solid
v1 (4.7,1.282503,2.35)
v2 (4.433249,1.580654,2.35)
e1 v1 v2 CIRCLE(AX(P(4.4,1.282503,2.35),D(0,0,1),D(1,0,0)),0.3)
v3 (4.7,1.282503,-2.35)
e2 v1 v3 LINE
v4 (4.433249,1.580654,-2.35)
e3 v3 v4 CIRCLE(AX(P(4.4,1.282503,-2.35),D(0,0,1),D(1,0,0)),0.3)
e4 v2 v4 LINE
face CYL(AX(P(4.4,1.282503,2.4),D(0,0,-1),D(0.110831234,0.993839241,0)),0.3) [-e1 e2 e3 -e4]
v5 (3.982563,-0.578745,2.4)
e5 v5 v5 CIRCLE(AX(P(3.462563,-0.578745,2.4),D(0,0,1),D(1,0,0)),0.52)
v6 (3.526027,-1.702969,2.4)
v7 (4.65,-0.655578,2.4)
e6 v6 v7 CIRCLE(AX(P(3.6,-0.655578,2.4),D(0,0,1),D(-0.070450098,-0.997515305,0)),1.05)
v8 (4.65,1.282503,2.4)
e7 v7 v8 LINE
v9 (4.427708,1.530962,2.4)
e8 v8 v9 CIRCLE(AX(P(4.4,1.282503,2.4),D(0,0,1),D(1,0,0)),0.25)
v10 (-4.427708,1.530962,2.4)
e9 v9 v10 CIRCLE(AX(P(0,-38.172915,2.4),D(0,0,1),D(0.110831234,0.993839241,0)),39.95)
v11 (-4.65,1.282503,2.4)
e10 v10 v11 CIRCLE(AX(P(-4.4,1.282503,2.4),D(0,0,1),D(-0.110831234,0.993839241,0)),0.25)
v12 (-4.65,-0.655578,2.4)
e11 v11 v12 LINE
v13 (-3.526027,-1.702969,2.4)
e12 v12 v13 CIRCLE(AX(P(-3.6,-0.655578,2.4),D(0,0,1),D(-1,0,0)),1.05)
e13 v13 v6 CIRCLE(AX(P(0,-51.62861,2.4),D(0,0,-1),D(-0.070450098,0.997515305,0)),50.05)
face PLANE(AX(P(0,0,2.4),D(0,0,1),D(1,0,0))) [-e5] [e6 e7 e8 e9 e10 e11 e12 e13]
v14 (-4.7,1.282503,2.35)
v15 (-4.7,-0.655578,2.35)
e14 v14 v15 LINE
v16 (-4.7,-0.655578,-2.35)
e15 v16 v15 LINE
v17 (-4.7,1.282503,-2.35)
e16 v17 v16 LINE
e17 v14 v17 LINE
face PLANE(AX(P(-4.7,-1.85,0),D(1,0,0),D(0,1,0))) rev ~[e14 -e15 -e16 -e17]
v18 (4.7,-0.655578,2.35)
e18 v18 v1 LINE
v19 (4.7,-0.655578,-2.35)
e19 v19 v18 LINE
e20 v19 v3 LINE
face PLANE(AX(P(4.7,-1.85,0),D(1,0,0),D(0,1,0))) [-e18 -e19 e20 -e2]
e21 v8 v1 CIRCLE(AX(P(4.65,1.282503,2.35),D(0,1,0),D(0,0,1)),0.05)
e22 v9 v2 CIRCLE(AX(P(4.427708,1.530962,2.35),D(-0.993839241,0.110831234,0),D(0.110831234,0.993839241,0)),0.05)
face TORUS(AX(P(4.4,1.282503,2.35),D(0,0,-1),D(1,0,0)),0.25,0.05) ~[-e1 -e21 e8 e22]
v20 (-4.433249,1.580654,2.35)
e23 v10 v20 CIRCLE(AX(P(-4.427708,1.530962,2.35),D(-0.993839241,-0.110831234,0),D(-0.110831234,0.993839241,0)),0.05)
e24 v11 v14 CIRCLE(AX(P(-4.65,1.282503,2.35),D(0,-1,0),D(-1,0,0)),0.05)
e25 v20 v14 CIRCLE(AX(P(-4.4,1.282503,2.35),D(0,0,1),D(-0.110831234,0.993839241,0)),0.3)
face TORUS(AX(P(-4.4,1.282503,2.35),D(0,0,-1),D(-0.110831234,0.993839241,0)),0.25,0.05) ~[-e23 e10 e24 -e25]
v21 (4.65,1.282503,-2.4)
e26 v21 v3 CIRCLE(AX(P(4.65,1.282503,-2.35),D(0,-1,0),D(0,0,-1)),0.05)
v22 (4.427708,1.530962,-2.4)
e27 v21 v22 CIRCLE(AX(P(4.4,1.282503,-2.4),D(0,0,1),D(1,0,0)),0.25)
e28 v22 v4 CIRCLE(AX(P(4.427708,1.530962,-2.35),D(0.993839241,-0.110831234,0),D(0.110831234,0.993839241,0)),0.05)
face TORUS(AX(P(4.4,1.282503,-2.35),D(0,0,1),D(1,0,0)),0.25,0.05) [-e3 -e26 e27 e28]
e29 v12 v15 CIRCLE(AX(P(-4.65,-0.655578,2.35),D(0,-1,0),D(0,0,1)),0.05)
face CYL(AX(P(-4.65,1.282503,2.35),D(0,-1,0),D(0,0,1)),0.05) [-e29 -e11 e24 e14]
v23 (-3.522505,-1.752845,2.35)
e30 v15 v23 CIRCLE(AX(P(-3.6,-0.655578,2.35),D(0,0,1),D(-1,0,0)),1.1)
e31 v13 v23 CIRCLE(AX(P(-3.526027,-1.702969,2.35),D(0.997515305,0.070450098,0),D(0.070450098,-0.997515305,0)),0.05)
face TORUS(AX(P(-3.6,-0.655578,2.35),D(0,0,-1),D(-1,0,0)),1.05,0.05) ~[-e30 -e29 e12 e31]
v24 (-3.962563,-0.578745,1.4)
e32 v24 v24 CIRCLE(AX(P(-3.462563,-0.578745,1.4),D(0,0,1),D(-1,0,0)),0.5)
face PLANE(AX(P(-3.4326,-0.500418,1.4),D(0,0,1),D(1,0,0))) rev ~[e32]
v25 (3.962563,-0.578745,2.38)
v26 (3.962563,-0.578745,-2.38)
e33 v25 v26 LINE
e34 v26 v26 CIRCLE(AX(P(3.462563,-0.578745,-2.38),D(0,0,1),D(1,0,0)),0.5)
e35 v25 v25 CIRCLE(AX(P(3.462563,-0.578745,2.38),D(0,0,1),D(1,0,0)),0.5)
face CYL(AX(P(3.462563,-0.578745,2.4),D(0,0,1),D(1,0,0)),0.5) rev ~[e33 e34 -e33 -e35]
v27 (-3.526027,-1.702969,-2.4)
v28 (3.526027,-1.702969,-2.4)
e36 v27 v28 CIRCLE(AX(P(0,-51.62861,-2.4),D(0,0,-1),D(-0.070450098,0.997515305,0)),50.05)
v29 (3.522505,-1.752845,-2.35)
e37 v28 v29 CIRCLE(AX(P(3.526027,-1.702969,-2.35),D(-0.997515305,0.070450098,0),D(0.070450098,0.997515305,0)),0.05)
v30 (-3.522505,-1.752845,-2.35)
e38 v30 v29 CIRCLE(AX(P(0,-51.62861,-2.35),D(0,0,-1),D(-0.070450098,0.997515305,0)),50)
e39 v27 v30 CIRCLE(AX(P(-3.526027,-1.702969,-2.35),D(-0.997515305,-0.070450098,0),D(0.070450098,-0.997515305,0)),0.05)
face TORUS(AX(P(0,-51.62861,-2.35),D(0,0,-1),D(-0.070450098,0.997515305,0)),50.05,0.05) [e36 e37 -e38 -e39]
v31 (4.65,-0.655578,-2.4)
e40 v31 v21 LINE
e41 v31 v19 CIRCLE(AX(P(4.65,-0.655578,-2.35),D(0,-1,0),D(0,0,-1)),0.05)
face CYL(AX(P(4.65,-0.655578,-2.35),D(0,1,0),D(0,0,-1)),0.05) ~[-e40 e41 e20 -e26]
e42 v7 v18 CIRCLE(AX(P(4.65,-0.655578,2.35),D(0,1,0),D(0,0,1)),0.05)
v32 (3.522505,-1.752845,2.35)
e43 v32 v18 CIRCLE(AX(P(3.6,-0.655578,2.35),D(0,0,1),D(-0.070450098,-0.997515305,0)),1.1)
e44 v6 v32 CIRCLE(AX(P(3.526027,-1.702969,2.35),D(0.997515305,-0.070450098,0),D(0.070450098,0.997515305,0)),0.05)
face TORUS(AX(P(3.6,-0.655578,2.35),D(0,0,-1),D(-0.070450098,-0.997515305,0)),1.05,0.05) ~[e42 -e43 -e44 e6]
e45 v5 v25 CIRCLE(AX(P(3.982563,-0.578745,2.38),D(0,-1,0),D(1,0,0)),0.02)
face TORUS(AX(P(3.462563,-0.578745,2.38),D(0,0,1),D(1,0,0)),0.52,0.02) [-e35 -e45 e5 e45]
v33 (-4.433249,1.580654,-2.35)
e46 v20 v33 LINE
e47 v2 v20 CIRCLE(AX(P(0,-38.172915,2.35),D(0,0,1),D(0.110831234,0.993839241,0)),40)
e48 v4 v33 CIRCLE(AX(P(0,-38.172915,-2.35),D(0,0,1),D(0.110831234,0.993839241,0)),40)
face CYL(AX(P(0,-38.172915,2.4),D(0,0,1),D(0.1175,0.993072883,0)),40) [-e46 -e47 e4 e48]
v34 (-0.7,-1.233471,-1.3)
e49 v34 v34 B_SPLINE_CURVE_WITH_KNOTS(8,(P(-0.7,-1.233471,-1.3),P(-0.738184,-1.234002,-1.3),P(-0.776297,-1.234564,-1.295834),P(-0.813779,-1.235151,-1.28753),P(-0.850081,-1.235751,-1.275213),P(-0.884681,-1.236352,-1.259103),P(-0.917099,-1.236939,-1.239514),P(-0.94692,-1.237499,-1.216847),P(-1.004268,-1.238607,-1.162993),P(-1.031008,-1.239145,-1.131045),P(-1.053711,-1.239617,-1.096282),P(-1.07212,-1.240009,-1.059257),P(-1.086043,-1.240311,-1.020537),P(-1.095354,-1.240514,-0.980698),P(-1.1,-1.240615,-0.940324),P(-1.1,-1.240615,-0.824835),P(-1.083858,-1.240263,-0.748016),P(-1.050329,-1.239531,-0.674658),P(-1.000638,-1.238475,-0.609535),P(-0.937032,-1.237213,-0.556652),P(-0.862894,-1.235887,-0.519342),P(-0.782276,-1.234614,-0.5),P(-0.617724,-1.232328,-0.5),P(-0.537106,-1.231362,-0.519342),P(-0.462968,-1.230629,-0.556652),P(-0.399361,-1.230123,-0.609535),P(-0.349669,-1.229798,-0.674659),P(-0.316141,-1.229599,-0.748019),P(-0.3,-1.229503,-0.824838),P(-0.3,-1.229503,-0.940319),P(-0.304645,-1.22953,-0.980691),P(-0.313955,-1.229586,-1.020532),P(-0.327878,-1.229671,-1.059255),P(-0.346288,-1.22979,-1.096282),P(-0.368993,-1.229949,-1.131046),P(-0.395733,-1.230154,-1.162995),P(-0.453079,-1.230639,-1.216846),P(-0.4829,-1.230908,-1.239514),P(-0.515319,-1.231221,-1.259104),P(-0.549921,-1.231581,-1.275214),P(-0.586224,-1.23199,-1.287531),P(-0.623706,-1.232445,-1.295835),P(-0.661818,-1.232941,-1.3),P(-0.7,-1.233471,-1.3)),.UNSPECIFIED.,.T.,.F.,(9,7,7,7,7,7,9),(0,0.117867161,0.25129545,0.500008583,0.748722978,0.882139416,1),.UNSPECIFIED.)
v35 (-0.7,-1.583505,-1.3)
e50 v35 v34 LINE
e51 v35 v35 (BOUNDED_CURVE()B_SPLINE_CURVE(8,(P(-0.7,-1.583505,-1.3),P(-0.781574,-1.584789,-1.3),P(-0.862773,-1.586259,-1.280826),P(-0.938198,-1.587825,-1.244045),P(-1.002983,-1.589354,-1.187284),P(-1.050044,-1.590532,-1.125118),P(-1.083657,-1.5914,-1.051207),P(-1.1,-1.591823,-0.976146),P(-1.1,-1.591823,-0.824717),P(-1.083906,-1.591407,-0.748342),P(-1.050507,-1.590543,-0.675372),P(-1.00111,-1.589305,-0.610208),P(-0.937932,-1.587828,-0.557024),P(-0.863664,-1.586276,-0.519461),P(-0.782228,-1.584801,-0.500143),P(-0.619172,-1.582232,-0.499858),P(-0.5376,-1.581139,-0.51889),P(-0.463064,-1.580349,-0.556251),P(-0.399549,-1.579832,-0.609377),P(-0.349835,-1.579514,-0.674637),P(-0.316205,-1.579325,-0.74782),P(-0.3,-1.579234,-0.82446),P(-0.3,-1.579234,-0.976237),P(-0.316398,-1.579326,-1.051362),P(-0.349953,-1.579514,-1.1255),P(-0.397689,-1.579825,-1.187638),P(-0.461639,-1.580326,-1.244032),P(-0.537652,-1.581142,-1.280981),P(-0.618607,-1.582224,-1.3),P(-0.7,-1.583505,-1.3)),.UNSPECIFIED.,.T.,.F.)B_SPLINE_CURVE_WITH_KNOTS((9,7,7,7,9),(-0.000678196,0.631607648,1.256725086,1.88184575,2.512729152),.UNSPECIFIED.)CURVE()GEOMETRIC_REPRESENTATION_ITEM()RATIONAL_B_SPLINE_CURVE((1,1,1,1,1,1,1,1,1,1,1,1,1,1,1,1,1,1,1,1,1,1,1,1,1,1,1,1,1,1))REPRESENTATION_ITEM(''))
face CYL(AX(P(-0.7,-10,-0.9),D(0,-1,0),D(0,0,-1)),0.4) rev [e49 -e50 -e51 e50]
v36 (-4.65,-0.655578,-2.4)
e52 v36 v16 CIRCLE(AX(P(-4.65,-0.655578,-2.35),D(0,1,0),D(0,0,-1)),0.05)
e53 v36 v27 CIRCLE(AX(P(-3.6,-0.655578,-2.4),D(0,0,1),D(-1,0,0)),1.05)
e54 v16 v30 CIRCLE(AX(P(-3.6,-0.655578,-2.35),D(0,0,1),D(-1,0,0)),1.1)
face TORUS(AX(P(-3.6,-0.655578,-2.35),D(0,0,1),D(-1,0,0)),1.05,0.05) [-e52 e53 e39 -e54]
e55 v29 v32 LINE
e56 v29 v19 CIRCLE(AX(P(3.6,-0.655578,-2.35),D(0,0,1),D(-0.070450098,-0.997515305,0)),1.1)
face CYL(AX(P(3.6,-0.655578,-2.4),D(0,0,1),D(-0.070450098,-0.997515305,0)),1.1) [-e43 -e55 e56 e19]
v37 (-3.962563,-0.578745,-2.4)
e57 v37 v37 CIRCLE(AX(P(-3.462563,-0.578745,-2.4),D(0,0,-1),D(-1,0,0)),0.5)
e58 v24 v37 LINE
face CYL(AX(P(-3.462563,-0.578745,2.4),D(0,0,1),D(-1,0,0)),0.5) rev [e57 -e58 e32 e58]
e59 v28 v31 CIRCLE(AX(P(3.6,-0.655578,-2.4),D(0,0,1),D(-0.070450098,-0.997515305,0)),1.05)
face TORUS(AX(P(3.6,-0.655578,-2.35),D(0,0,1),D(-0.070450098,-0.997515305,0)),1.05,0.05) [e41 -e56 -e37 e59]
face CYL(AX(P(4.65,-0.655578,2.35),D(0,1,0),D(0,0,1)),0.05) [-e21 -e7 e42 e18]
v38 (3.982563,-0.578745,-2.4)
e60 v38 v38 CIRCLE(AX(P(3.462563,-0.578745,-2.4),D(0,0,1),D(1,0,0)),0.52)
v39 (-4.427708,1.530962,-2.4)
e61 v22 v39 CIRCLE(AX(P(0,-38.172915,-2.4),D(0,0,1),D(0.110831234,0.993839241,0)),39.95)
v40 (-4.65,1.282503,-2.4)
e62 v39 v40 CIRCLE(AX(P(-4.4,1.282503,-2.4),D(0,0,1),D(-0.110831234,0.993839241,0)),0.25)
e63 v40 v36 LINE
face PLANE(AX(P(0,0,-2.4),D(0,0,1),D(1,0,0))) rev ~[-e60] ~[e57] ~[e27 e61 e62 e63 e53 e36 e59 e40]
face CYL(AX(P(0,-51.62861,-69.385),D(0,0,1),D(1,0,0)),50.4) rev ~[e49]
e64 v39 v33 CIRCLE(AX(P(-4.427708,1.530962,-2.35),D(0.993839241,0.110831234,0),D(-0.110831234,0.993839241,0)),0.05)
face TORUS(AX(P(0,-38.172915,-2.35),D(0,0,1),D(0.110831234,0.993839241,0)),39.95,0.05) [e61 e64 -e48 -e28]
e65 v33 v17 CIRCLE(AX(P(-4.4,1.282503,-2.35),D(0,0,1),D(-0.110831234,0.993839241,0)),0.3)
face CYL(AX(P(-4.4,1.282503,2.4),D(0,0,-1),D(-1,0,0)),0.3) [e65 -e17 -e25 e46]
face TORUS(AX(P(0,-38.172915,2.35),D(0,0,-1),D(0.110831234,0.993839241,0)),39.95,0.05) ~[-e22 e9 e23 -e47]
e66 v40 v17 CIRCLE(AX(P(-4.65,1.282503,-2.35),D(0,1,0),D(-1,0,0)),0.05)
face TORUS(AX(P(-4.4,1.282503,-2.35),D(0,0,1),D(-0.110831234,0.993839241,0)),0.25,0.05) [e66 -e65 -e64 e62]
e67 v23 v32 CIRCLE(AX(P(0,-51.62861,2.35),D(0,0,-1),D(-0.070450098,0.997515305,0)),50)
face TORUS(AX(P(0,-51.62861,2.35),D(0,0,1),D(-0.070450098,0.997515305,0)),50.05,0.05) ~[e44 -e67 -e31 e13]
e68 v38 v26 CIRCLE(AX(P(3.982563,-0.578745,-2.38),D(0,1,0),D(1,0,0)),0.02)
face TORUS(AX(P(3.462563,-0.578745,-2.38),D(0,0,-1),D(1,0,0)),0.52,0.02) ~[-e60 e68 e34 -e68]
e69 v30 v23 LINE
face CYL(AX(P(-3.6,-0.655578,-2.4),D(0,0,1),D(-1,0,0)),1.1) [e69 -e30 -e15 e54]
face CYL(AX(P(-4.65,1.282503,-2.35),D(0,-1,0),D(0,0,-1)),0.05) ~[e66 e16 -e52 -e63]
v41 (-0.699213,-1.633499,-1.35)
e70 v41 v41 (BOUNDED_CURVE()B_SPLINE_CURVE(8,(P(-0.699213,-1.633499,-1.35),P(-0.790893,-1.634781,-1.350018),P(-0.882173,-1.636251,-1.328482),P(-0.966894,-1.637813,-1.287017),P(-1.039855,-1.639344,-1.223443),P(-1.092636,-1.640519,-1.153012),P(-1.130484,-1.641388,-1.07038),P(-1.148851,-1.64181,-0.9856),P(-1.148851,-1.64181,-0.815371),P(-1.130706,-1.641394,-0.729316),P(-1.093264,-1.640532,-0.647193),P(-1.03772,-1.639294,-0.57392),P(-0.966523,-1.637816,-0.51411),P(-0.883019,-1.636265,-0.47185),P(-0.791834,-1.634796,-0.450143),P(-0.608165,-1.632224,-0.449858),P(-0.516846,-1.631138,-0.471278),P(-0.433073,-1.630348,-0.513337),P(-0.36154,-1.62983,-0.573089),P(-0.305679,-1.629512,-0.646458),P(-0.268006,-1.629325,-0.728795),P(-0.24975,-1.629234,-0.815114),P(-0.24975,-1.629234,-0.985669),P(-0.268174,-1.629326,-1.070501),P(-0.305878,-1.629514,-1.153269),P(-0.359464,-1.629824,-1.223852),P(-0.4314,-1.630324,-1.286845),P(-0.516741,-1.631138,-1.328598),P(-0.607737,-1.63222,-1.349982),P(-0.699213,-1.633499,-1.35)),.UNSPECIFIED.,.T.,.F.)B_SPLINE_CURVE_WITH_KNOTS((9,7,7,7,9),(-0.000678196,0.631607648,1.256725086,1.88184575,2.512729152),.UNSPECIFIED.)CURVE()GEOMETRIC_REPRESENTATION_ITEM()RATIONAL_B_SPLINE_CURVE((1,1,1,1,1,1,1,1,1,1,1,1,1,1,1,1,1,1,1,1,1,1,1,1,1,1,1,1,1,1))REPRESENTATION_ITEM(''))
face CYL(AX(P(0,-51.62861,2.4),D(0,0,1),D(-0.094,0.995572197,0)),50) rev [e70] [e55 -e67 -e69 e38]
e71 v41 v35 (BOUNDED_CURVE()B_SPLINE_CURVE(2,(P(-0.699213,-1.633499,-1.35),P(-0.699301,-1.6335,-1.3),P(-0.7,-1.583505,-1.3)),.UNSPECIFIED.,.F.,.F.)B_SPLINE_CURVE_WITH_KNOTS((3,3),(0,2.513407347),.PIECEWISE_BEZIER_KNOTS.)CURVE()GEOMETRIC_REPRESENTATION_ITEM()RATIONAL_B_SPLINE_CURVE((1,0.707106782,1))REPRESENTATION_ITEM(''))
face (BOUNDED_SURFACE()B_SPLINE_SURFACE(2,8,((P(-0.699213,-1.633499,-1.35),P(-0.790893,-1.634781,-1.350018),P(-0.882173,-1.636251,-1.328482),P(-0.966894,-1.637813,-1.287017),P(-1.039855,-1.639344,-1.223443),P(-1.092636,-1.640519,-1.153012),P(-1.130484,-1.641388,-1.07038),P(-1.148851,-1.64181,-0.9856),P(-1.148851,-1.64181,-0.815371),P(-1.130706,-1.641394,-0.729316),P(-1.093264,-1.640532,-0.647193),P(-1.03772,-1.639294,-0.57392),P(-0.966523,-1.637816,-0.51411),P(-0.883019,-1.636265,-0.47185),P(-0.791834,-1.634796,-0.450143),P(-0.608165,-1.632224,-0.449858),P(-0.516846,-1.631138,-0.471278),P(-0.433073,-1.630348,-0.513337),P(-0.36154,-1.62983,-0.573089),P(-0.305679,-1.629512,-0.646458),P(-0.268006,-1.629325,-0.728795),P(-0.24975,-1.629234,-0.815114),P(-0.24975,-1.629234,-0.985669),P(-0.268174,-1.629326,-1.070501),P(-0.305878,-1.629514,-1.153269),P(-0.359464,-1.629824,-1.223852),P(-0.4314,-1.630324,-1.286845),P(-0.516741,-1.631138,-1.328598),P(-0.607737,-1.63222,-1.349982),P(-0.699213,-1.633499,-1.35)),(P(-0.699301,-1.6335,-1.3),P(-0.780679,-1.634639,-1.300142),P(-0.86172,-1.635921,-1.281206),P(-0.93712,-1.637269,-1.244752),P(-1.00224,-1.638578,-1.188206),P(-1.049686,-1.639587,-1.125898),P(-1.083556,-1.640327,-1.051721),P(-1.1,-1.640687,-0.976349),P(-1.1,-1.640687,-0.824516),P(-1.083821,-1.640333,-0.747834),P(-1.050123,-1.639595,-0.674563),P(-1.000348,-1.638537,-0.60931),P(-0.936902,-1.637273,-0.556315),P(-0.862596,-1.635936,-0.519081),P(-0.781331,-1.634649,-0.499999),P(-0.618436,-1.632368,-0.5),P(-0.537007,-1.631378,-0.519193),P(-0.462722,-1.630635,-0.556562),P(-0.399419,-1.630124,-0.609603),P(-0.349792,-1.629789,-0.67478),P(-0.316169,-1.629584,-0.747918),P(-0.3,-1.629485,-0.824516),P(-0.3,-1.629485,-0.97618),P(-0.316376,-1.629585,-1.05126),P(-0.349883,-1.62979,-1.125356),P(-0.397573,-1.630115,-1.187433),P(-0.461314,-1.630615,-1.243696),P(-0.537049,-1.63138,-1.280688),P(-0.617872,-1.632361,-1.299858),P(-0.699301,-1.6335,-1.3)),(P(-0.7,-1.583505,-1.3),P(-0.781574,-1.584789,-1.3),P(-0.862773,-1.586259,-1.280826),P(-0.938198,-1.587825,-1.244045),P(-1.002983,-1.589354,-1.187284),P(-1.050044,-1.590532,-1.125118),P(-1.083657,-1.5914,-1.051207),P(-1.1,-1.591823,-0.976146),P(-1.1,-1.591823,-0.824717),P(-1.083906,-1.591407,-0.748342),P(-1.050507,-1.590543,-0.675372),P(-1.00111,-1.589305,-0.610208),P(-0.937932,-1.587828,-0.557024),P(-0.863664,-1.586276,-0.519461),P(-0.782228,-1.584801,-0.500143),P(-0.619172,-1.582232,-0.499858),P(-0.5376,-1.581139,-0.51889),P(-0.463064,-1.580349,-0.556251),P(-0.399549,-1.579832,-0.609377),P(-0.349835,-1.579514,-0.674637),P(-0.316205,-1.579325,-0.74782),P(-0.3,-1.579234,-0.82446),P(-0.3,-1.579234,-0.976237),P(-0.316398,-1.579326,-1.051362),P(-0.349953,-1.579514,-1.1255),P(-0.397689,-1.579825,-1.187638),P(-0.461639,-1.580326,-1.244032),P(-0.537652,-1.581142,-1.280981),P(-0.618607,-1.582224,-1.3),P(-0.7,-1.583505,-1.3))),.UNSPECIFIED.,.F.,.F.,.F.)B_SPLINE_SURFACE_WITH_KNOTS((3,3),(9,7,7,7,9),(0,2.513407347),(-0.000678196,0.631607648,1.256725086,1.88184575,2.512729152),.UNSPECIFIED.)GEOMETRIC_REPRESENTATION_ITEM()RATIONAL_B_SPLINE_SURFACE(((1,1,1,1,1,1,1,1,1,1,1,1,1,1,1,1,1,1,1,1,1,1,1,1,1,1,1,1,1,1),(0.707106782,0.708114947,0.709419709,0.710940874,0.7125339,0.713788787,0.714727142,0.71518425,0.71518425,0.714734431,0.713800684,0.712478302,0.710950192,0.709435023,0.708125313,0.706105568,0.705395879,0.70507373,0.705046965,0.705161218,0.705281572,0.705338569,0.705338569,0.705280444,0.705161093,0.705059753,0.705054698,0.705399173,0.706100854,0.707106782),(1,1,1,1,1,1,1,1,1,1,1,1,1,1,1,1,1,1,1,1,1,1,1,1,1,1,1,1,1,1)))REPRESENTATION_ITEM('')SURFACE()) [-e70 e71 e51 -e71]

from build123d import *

# Parameters (mm, degrees)
SKETCH1_W               = 9.4
SKETCH1_H               = 3.7
BOSS_EXTRUDE1_DEPTH     = 2.4
CUT_EXTRUDE1_DEPTH      = 4.8
FILLET1_R               = 1.1
FILLET2_R               = 0.3
FILLET3_R               = 0.05
SKETCH3_R               = 0.5
CUT_EXTRUDE2_DEPTH      = 4.8
FILLET4_R               = 0.02
SKETCH4_W               = 1.881576533
SKETCH4_H               = 1.177564348
BOSS_EXTRUDE2_DEPTH     = 1
SKETCH5_R               = 0.5
CUT_EXTRUDE3_DEPTH      = 10
SKETCH6_R               = 0.867809029
BOSS_EXTRUDE3_DEPTH     = 1
CUT_EXTRUDE4_REACH      = 17.585
CUT_EXTRUDE4_END_RADIUS = 50.4
CUT_EXTRUDE4_START      = -10
SKETCH7_R               = 0.4
FILLET5_R               = 0.05


with BuildPart() as part:
    # Sketch1 → Boss-Extrude1 (new, symmetric)
    with BuildSketch(Plane.XY):
        Rectangle(SKETCH1_W, SKETCH1_H)
    extrude(amount=BOSS_EXTRUDE1_DEPTH, both=True)

    # Sketch2 → Cut-Extrude1 (cut)
    with BuildSketch(Plane.XY.offset(2.4)):
        with BuildLine():
            Line((-4.7, 1.55), (-7.120690005, 4.011417256))
            Line((-7.120690005, 4.011417256), (5.535860742, 3.886722174))
            Line((5.535860742, 3.886722174), (4.7, 1.55))
            ThreePointArc((4.7, 1.55), (0, 1.827084699), (-4.7, 1.55))
        make_face()
        with BuildLine():
            Line((4.7, -1.85), (0.350623614, -3.782025322))
            Line((0.350623614, -3.782025322), (-4.7, -1.85))
            ThreePointArc((-4.7, -1.85), (0, -1.628609864), (4.7, -1.85))
        make_face()
    extrude(amount=-CUT_EXTRUDE1_DEPTH, mode=Mode.SUBTRACT)

    # Fillet1
    fillet1_edges = [part.edges().sort_by_distance(p)[0] for p in [
        (4.7, -1.85, 0),
        (-4.7, -1.85, 0),
    ]]
    fillet(fillet1_edges, radius=FILLET1_R)

    # Fillet2
    fillet2_edges = [part.edges().sort_by_distance(p)[0] for p in [
        (4.7, 1.55, 0),
        (-4.7, 1.55, 0),
    ]]
    fillet(fillet2_edges, radius=FILLET2_R)

    # Fillet3
    fillet3_edges = [part.edges().sort_by_distance(p)[0] for p in [
        (4.7, 0.3134624, -2.4),
        (4.7, 0.3134624, 2.4),
        (0, -1.628609864, -2.4),
        (-4.349918456, -1.460327621, -2.4),
        (4.349918456, -1.460327621, -2.4),
        (0, -1.628609864, 2.4),
        (-4.349918456, -1.460327621, 2.4),
        (4.349918456, -1.460327621, 2.4),
        (0, 1.827084699, 2.4),
        (-4.7, 0.3134624, 2.4),
        (-4.623578634, 1.482534062, 2.4),
        (4.623578634, 1.482534062, 2.4),
        (0, 1.827084699, -2.4),
        (-4.7, 0.3134624, -2.4),
        (-4.623578634, 1.482534062, -2.4),
        (4.623578634, 1.482534062, -2.4),
    ]]
    fillet(fillet3_edges, radius=FILLET3_R)

    # Sketch3 → Cut-Extrude2 (cut)
    with BuildSketch(Plane.XY.offset(2.4)):
        with Locations((3.462563269, -0.578744651)):
            Circle(SKETCH3_R)
    cut_extrude2 = extrude(amount=-CUT_EXTRUDE2_DEPTH, mode=Mode.SUBTRACT)

    # Fillet4
    fillet4_edges = [part.edges().sort_by_distance(p)[0] for p in [
        (2.962563269, -0.578744651, -2.4),
        (2.962563269, -0.578744651, 2.4),
    ]]
    fillet(fillet4_edges, radius=FILLET4_R)

    # Mirror1: Cut-Extrude2 across plane
    add(cut_extrude2.mirror(Plane(origin=(0, 0, 0), x_dir=(0, 0, 1), z_dir=(1, 0, 0))), mode=Mode.SUBTRACT)

    # Sketch4 → Boss-Extrude2 (add)
    with BuildSketch(Plane.XY.offset(2.4)):
        with Locations((-3.353123346, -0.588782174)):
            Rectangle(SKETCH4_W, SKETCH4_H)
    extrude(amount=-BOSS_EXTRUDE2_DEPTH)

    # Sketch5 → Cut-Extrude3 (cut)
    with BuildSketch(Plane(origin=(0, 0, 1.4), x_dir=(-1, 0, 0), z_dir=(0, 0, -1))):
        with Locations(Location((3.462563269, -0.578744651, 0), (0, 0, 180))):
            Circle(SKETCH5_R)
    extrude(amount=-CUT_EXTRUDE3_DEPTH, mode=Mode.SUBTRACT)

    # Sketch6 → Boss-Extrude3 (add)
    with BuildSketch(Plane.XY.offset(2.4)):
        with Locations((-3.432599982, -0.500417585)):
            Circle(SKETCH6_R)
    extrude(amount=-BOSS_EXTRUDE3_DEPTH)

    # Cut-Extrude4: up to this cylinder (the profile starts inside it)
    cut_extrude4_end = Plane(origin=(0, -51.628609864, -0.9), z_dir=(0, 0, 1)) * Cylinder(CUT_EXTRUDE4_END_RADIUS, 136.97, mode=Mode.PRIVATE)
    # Sketch7 → Cut-Extrude4 (cut, up to the surface)
    with BuildSketch(Plane(origin=(0, 0, 0), x_dir=(1, 0, 0), z_dir=(0, 1, 0)).offset(CUT_EXTRUDE4_START), mode=Mode.PRIVATE) as cut_extrude4_sk1:
        with Locations(Location((-0.7, 0.9, 0), (0, 0, 90))):
            Circle(SKETCH7_R)
    cut_extrude4_tool1 = extrude(cut_extrude4_sk1.sketch, amount=CUT_EXTRUDE4_REACH, mode=Mode.PRIVATE) & cut_extrude4_end
    add(cut_extrude4_tool1.solids().sort_by_distance((-0.7, -10, -0.9))[0], mode=Mode.SUBTRACT)

    # Fillet5
    fillet5_edges = [part.edges().sort_by_distance(p)[0] for p in [
        (-0.700029875, -1.633510522, -0.500000001),
    ]]
    fillet(fillet5_edges, radius=FILLET5_R)


solid = part.part
